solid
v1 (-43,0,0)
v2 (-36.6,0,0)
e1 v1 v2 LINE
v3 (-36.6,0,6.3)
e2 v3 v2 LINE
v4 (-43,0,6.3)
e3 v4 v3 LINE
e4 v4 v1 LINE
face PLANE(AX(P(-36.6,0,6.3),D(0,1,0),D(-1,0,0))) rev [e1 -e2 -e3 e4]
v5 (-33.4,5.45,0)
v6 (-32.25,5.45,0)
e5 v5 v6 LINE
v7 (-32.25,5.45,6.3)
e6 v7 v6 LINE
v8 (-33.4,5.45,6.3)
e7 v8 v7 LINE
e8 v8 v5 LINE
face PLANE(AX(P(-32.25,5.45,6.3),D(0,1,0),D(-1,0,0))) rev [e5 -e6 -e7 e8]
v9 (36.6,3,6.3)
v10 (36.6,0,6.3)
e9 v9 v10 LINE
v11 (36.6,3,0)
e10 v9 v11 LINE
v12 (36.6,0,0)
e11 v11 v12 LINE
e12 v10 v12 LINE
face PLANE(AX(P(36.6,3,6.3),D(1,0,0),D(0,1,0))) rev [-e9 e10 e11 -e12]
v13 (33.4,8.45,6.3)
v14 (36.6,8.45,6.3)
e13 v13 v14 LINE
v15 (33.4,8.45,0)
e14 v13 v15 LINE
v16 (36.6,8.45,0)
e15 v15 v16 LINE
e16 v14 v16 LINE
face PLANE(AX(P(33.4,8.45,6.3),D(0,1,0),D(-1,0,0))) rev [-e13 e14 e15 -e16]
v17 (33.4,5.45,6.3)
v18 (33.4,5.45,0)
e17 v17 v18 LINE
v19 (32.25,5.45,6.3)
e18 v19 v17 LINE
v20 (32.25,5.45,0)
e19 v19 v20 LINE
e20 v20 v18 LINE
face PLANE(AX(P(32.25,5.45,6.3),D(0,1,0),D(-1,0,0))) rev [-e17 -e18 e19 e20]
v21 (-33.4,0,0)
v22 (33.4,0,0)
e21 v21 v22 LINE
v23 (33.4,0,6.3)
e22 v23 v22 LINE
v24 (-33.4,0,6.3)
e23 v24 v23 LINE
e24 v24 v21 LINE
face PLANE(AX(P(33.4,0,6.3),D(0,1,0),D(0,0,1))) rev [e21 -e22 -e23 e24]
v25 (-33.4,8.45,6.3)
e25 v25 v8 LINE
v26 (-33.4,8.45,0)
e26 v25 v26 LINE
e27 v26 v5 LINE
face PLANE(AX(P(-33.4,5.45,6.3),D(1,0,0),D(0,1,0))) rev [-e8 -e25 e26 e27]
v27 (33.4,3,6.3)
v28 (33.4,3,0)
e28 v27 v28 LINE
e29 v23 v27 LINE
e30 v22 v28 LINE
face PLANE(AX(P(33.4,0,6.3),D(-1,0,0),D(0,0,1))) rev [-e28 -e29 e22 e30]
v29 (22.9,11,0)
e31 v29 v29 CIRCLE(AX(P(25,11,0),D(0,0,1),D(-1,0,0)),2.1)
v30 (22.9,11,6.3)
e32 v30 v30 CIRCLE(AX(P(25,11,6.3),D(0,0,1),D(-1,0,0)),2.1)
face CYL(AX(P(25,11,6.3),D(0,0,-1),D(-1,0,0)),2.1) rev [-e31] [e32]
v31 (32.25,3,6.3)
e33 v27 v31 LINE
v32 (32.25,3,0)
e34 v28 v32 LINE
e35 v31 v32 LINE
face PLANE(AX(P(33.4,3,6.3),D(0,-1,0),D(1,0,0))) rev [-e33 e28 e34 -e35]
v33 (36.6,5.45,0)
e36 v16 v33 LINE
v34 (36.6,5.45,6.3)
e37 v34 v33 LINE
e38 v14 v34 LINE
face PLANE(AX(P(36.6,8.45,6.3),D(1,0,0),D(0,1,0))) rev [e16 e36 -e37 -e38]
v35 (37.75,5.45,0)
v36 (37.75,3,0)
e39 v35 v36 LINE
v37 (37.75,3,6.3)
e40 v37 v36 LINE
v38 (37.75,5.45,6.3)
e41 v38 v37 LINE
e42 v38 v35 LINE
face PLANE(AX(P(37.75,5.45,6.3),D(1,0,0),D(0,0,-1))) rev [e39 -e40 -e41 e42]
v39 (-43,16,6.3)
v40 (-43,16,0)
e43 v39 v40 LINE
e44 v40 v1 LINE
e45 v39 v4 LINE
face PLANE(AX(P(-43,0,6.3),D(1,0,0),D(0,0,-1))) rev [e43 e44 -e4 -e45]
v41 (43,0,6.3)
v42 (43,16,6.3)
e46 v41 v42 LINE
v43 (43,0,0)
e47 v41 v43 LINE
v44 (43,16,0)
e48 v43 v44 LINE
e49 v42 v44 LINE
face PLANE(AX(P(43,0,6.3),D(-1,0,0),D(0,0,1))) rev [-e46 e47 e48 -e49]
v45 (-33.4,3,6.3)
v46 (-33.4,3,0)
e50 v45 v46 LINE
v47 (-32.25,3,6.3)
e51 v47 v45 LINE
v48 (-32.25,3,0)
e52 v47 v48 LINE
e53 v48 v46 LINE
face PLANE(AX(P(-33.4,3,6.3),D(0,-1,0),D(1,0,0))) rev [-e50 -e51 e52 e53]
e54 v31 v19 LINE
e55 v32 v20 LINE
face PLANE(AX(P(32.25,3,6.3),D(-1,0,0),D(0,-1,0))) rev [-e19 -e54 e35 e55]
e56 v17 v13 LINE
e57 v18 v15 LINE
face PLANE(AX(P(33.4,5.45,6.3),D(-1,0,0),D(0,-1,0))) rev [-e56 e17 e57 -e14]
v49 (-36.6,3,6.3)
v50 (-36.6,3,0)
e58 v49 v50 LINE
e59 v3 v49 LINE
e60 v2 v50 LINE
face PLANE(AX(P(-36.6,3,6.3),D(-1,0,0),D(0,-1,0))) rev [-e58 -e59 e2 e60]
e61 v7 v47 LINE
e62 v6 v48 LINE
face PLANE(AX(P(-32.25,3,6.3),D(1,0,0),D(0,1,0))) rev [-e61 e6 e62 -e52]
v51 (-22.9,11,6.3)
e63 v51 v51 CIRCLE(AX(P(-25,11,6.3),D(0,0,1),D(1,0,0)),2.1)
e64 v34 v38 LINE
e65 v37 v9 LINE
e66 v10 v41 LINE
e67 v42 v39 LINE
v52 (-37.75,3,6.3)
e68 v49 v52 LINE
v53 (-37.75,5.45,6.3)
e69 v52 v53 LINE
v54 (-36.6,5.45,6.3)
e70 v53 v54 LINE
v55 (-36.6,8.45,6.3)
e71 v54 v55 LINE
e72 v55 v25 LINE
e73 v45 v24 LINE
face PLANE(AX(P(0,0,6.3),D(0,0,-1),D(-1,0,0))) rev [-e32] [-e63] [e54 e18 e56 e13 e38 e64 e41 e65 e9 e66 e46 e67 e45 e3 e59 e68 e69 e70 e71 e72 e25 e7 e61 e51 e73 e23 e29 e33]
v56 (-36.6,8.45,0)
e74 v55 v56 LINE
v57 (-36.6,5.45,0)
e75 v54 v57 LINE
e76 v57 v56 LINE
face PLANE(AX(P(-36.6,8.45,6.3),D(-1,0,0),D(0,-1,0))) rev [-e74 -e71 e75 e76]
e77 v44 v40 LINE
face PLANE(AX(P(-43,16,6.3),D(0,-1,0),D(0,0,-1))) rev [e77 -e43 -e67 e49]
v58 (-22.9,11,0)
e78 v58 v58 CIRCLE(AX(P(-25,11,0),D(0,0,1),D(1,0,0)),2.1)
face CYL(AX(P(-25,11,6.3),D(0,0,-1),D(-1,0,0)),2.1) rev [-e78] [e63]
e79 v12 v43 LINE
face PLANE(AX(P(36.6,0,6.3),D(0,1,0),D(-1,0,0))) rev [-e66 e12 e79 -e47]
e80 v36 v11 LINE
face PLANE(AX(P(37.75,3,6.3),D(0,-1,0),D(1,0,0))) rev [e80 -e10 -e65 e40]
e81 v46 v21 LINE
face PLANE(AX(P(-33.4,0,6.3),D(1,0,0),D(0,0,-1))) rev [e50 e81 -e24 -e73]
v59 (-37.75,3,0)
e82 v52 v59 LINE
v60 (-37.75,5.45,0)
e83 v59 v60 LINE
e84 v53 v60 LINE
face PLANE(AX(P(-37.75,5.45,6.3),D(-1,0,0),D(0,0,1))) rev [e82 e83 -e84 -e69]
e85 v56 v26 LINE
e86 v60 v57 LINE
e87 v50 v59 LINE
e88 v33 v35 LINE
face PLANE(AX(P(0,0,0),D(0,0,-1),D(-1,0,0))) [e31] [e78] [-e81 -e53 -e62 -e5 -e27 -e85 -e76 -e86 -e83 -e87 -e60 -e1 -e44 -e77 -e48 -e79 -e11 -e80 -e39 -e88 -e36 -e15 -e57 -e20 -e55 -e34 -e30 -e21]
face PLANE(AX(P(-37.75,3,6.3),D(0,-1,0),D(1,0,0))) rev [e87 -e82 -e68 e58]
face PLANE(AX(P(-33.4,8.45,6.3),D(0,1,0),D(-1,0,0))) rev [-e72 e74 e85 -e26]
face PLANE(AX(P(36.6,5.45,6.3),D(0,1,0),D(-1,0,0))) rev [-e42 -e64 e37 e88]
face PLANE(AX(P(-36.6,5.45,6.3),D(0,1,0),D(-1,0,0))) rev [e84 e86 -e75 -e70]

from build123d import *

# Parameters (mm, degrees)
SKETCH1_R           = 2.1
BOSS_EXTRUDE1_DEPTH = 6.3


with BuildPart() as part:
    # Sketch1 → Boss-Extrude1 (new body)
    with BuildSketch(Plane.XY):
        Polygon((33.4, 0), (-33.4, 0), (-33.4, 3), (-32.25, 3), (-32.25, 5.45), (-33.4, 5.45), (-33.4, 8.45), (-36.6, 8.45), (-36.6, 5.45), (-37.75, 5.45), (-37.75, 3), (-36.6, 3), (-36.6, 0), (-43, 0), (-43, 16), (43, 16), (43, 0), (36.6, 0), (36.6, 3), (37.75, 3), (37.75, 5.45), (36.6, 5.45), (36.6, 8.45), (33.4, 8.45), (33.4, 5.45), (32.25, 5.45), (32.25, 3), (33.4, 3), align=None)
        with Locations((-25, 11)):
            Circle(SKETCH1_R, mode=Mode.SUBTRACT)
        with Locations(Location((25, 11, 0), (0, 0, 180))):
            Circle(SKETCH1_R, mode=Mode.SUBTRACT)
    extrude(amount=BOSS_EXTRUDE1_DEPTH)


solid = part.part
